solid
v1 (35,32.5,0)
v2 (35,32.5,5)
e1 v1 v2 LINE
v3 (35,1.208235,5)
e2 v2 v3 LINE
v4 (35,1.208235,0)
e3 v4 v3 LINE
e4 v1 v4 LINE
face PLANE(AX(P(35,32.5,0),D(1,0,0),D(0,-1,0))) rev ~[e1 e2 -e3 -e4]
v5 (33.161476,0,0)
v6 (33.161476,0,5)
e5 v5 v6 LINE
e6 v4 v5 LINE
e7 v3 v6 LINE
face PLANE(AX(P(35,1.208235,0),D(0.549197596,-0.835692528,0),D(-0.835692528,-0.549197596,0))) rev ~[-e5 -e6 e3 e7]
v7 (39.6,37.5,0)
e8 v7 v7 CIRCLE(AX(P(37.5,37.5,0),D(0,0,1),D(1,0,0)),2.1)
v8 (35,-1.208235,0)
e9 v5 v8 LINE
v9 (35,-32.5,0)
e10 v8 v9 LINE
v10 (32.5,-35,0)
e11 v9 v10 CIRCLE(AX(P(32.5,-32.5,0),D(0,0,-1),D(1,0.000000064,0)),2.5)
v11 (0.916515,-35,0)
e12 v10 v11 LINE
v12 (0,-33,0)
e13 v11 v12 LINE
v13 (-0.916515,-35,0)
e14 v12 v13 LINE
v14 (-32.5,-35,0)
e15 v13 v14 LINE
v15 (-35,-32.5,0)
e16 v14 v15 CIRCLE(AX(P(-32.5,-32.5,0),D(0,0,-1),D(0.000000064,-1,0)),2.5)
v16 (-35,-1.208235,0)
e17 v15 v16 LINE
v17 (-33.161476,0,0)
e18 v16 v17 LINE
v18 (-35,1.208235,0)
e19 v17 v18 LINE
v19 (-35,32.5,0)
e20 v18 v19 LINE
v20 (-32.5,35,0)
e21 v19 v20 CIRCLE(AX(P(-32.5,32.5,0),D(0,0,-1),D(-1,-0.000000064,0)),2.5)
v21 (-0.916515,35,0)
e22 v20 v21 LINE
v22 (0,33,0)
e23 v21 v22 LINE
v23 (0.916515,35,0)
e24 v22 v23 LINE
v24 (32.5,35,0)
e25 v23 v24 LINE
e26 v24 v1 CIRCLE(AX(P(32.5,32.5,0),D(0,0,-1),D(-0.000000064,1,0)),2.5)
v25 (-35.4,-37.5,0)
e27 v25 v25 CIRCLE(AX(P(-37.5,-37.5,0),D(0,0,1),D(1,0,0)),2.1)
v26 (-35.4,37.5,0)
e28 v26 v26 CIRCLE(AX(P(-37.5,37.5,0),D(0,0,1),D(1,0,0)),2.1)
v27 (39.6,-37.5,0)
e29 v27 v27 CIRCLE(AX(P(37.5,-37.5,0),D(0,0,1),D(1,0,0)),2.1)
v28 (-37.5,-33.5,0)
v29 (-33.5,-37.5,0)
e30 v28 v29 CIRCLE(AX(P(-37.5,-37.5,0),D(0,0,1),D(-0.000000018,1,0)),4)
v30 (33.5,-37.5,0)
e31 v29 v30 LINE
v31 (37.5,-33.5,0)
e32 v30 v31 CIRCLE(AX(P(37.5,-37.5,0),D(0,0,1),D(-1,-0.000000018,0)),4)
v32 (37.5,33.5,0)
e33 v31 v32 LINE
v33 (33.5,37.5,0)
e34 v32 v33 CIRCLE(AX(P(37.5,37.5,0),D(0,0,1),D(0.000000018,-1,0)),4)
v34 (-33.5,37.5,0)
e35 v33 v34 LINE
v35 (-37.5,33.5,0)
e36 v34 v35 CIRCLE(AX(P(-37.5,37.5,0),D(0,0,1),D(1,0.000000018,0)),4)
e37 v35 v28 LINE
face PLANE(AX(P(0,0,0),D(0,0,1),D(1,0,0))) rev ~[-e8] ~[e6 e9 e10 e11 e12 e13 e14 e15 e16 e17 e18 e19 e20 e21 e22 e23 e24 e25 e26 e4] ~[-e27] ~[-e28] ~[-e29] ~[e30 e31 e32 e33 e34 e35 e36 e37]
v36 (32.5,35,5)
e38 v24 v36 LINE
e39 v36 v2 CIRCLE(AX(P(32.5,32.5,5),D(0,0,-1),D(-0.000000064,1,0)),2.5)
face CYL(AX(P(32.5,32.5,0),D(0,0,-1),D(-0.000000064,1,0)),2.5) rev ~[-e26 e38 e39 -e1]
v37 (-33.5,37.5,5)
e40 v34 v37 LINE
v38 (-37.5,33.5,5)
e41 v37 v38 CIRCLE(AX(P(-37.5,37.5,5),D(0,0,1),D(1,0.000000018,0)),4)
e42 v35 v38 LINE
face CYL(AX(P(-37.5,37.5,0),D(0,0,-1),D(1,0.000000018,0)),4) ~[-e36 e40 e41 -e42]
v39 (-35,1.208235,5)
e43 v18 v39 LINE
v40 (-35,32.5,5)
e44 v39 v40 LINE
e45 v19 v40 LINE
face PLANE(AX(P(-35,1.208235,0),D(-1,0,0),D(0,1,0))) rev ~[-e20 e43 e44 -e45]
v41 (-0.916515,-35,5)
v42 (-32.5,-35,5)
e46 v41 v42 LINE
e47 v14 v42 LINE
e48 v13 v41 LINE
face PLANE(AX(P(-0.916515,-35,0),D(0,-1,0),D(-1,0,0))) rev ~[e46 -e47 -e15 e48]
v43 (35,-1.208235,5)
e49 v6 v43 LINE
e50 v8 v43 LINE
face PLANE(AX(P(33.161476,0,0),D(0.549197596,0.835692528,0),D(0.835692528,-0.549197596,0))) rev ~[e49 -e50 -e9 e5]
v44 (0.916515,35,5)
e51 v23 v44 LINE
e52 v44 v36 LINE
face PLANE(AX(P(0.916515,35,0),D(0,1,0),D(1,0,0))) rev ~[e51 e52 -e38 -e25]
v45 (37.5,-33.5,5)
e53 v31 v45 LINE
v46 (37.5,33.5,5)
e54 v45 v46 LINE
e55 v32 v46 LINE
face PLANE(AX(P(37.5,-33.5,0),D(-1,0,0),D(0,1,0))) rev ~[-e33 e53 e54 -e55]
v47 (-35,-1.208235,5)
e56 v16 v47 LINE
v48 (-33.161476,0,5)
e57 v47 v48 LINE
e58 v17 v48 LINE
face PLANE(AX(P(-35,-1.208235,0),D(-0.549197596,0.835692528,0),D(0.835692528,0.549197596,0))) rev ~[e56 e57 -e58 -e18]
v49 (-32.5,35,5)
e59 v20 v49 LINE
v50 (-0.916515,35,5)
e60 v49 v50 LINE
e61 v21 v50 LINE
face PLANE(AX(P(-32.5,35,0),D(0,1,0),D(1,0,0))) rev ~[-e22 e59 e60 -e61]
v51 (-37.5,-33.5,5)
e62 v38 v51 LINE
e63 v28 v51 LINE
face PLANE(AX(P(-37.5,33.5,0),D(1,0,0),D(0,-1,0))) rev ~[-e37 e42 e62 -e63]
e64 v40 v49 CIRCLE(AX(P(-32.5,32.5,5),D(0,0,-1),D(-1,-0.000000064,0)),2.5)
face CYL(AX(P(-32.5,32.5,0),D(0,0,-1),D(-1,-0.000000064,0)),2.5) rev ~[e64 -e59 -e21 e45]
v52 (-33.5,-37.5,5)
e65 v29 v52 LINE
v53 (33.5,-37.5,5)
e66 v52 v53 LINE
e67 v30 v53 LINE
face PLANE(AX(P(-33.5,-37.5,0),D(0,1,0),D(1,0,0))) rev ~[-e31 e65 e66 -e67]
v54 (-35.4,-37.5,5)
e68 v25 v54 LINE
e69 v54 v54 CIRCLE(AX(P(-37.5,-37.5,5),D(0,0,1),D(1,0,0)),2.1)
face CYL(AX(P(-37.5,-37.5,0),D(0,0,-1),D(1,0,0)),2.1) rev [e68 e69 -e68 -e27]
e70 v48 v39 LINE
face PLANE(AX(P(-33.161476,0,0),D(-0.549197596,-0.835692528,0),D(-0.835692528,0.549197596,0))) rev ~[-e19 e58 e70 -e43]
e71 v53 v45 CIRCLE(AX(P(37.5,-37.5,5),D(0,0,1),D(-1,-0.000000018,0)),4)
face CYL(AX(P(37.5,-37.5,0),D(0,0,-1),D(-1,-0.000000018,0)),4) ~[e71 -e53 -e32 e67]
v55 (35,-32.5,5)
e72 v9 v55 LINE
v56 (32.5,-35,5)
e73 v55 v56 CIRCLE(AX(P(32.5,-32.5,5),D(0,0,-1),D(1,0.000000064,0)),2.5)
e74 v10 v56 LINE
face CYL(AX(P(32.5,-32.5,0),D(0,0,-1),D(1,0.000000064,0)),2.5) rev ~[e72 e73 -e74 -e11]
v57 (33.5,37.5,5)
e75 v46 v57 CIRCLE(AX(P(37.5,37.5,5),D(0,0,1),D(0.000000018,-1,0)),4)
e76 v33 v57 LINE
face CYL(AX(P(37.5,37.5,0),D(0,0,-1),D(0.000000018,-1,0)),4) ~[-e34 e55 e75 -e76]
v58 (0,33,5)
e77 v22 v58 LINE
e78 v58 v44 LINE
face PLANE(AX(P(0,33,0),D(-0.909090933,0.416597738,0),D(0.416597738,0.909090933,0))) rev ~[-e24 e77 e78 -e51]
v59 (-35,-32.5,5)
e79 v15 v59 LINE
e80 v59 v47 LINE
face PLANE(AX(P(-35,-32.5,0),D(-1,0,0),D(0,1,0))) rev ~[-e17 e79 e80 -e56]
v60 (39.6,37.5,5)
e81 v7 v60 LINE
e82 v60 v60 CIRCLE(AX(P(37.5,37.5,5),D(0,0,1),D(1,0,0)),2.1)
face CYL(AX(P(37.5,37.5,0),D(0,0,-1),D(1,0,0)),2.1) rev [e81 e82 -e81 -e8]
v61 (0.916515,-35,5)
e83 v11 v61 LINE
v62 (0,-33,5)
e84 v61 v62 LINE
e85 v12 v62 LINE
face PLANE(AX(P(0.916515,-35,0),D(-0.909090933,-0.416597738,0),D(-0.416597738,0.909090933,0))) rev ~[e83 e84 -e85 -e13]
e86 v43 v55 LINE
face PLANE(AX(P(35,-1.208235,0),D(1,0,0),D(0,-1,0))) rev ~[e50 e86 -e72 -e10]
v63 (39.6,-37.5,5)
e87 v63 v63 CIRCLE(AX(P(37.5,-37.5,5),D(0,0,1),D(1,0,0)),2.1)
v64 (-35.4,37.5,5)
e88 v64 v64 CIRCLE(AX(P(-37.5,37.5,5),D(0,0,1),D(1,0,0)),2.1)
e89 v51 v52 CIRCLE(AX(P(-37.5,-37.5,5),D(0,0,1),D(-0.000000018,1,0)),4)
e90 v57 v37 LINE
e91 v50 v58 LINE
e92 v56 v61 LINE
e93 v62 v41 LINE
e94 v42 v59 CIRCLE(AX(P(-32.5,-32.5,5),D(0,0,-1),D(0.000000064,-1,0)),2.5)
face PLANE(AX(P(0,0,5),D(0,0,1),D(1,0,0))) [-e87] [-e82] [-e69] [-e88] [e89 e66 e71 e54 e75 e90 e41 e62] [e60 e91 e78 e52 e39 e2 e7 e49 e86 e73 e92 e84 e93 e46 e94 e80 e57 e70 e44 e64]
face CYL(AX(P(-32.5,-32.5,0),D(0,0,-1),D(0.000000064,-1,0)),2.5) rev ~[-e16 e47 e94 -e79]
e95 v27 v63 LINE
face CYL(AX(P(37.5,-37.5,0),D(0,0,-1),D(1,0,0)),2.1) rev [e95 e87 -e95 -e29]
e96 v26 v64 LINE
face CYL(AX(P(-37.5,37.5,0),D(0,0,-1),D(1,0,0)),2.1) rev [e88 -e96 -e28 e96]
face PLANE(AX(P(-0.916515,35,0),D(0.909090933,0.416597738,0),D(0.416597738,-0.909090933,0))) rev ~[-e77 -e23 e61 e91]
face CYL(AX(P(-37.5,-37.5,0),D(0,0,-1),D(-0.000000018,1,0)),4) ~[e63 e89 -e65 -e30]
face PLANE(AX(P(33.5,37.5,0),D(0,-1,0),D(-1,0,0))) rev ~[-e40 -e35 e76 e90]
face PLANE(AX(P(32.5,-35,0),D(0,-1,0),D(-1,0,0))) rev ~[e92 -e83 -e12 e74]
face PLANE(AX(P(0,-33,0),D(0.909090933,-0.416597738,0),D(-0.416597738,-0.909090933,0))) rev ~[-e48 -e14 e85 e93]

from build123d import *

# Parameters (mm, degrees)
F0_R     = 2.1
F1_DEPTH = 5


with BuildPart() as f1:
    # F0 (on Top) → F1 (new body)
    with BuildSketch(Plane.XY):
        with BuildLine():
            ThreePointArc((37.5, 33.5), (40.328427, 40.328427), (33.5, 37.5))
            Line((33.5, 37.5), (-33.5, 37.5))
            ThreePointArc((-33.5, 37.5), (-40.328427, 40.328427), (-37.5, 33.5))
            Line((-37.5, 33.5), (-37.5, -33.5))
            ThreePointArc((-37.5, -33.5), (-40.328427, -40.328427), (-33.5, -37.5))
            Line((-33.5, -37.5), (33.5, -37.5))
            ThreePointArc((33.5, -37.5), (40.328427, -40.328427), (37.5, -33.5))
            Line((37.5, -33.5), (37.5, 33.5))
        make_face()
        with Locations((-37.5, -37.5)):
            Circle(F0_R, mode=Mode.SUBTRACT)
        with BuildLine():
            Line((0.916515, 35), (32.5, 35))
            ThreePointArc((32.5, 35), (34.267767, 34.267767), (35, 32.5))
            Line((35, 32.5), (35, 1.208235))
            Line((35, 1.208235), (33.161476, 0))
            Line((33.161476, 0), (35, -1.208235))
            Line((35, -1.208235), (35, -32.5))
            ThreePointArc((35, -32.5), (34.267767, -34.267767), (32.5, -35))
            Line((32.5, -35), (0.916515, -35))
            Line((0.916515, -35), (0, -33))
            Line((0, -33), (-0.916515, -35))
            Line((-0.916515, -35), (-32.5, -35))
            ThreePointArc((-32.5, -35), (-34.267767, -34.267767), (-35, -32.5))
            Line((-35, -32.5), (-35, -1.208235))
            Line((-35, -1.208235), (-33.161476, 0))
            Line((-33.161476, 0), (-35, 1.208235))
            Line((-35, 1.208235), (-35, 32.5))
            ThreePointArc((-35, 32.5), (-34.267767, 34.267767), (-32.5, 35))
            Line((-32.5, 35), (-0.916515, 35))
            Line((-0.916515, 35), (0, 33))
            Line((0, 33), (0.916515, 35))
        make_face(mode=Mode.SUBTRACT)
        with Locations((37.5, -37.5)):
            Circle(F0_R, mode=Mode.SUBTRACT)
        with Locations((-37.5, 37.5)):
            Circle(F0_R, mode=Mode.SUBTRACT)
        with Locations((37.5, 37.5)):
            Circle(F0_R, mode=Mode.SUBTRACT)
    extrude(amount=F1_DEPTH)


solid = f1.part
